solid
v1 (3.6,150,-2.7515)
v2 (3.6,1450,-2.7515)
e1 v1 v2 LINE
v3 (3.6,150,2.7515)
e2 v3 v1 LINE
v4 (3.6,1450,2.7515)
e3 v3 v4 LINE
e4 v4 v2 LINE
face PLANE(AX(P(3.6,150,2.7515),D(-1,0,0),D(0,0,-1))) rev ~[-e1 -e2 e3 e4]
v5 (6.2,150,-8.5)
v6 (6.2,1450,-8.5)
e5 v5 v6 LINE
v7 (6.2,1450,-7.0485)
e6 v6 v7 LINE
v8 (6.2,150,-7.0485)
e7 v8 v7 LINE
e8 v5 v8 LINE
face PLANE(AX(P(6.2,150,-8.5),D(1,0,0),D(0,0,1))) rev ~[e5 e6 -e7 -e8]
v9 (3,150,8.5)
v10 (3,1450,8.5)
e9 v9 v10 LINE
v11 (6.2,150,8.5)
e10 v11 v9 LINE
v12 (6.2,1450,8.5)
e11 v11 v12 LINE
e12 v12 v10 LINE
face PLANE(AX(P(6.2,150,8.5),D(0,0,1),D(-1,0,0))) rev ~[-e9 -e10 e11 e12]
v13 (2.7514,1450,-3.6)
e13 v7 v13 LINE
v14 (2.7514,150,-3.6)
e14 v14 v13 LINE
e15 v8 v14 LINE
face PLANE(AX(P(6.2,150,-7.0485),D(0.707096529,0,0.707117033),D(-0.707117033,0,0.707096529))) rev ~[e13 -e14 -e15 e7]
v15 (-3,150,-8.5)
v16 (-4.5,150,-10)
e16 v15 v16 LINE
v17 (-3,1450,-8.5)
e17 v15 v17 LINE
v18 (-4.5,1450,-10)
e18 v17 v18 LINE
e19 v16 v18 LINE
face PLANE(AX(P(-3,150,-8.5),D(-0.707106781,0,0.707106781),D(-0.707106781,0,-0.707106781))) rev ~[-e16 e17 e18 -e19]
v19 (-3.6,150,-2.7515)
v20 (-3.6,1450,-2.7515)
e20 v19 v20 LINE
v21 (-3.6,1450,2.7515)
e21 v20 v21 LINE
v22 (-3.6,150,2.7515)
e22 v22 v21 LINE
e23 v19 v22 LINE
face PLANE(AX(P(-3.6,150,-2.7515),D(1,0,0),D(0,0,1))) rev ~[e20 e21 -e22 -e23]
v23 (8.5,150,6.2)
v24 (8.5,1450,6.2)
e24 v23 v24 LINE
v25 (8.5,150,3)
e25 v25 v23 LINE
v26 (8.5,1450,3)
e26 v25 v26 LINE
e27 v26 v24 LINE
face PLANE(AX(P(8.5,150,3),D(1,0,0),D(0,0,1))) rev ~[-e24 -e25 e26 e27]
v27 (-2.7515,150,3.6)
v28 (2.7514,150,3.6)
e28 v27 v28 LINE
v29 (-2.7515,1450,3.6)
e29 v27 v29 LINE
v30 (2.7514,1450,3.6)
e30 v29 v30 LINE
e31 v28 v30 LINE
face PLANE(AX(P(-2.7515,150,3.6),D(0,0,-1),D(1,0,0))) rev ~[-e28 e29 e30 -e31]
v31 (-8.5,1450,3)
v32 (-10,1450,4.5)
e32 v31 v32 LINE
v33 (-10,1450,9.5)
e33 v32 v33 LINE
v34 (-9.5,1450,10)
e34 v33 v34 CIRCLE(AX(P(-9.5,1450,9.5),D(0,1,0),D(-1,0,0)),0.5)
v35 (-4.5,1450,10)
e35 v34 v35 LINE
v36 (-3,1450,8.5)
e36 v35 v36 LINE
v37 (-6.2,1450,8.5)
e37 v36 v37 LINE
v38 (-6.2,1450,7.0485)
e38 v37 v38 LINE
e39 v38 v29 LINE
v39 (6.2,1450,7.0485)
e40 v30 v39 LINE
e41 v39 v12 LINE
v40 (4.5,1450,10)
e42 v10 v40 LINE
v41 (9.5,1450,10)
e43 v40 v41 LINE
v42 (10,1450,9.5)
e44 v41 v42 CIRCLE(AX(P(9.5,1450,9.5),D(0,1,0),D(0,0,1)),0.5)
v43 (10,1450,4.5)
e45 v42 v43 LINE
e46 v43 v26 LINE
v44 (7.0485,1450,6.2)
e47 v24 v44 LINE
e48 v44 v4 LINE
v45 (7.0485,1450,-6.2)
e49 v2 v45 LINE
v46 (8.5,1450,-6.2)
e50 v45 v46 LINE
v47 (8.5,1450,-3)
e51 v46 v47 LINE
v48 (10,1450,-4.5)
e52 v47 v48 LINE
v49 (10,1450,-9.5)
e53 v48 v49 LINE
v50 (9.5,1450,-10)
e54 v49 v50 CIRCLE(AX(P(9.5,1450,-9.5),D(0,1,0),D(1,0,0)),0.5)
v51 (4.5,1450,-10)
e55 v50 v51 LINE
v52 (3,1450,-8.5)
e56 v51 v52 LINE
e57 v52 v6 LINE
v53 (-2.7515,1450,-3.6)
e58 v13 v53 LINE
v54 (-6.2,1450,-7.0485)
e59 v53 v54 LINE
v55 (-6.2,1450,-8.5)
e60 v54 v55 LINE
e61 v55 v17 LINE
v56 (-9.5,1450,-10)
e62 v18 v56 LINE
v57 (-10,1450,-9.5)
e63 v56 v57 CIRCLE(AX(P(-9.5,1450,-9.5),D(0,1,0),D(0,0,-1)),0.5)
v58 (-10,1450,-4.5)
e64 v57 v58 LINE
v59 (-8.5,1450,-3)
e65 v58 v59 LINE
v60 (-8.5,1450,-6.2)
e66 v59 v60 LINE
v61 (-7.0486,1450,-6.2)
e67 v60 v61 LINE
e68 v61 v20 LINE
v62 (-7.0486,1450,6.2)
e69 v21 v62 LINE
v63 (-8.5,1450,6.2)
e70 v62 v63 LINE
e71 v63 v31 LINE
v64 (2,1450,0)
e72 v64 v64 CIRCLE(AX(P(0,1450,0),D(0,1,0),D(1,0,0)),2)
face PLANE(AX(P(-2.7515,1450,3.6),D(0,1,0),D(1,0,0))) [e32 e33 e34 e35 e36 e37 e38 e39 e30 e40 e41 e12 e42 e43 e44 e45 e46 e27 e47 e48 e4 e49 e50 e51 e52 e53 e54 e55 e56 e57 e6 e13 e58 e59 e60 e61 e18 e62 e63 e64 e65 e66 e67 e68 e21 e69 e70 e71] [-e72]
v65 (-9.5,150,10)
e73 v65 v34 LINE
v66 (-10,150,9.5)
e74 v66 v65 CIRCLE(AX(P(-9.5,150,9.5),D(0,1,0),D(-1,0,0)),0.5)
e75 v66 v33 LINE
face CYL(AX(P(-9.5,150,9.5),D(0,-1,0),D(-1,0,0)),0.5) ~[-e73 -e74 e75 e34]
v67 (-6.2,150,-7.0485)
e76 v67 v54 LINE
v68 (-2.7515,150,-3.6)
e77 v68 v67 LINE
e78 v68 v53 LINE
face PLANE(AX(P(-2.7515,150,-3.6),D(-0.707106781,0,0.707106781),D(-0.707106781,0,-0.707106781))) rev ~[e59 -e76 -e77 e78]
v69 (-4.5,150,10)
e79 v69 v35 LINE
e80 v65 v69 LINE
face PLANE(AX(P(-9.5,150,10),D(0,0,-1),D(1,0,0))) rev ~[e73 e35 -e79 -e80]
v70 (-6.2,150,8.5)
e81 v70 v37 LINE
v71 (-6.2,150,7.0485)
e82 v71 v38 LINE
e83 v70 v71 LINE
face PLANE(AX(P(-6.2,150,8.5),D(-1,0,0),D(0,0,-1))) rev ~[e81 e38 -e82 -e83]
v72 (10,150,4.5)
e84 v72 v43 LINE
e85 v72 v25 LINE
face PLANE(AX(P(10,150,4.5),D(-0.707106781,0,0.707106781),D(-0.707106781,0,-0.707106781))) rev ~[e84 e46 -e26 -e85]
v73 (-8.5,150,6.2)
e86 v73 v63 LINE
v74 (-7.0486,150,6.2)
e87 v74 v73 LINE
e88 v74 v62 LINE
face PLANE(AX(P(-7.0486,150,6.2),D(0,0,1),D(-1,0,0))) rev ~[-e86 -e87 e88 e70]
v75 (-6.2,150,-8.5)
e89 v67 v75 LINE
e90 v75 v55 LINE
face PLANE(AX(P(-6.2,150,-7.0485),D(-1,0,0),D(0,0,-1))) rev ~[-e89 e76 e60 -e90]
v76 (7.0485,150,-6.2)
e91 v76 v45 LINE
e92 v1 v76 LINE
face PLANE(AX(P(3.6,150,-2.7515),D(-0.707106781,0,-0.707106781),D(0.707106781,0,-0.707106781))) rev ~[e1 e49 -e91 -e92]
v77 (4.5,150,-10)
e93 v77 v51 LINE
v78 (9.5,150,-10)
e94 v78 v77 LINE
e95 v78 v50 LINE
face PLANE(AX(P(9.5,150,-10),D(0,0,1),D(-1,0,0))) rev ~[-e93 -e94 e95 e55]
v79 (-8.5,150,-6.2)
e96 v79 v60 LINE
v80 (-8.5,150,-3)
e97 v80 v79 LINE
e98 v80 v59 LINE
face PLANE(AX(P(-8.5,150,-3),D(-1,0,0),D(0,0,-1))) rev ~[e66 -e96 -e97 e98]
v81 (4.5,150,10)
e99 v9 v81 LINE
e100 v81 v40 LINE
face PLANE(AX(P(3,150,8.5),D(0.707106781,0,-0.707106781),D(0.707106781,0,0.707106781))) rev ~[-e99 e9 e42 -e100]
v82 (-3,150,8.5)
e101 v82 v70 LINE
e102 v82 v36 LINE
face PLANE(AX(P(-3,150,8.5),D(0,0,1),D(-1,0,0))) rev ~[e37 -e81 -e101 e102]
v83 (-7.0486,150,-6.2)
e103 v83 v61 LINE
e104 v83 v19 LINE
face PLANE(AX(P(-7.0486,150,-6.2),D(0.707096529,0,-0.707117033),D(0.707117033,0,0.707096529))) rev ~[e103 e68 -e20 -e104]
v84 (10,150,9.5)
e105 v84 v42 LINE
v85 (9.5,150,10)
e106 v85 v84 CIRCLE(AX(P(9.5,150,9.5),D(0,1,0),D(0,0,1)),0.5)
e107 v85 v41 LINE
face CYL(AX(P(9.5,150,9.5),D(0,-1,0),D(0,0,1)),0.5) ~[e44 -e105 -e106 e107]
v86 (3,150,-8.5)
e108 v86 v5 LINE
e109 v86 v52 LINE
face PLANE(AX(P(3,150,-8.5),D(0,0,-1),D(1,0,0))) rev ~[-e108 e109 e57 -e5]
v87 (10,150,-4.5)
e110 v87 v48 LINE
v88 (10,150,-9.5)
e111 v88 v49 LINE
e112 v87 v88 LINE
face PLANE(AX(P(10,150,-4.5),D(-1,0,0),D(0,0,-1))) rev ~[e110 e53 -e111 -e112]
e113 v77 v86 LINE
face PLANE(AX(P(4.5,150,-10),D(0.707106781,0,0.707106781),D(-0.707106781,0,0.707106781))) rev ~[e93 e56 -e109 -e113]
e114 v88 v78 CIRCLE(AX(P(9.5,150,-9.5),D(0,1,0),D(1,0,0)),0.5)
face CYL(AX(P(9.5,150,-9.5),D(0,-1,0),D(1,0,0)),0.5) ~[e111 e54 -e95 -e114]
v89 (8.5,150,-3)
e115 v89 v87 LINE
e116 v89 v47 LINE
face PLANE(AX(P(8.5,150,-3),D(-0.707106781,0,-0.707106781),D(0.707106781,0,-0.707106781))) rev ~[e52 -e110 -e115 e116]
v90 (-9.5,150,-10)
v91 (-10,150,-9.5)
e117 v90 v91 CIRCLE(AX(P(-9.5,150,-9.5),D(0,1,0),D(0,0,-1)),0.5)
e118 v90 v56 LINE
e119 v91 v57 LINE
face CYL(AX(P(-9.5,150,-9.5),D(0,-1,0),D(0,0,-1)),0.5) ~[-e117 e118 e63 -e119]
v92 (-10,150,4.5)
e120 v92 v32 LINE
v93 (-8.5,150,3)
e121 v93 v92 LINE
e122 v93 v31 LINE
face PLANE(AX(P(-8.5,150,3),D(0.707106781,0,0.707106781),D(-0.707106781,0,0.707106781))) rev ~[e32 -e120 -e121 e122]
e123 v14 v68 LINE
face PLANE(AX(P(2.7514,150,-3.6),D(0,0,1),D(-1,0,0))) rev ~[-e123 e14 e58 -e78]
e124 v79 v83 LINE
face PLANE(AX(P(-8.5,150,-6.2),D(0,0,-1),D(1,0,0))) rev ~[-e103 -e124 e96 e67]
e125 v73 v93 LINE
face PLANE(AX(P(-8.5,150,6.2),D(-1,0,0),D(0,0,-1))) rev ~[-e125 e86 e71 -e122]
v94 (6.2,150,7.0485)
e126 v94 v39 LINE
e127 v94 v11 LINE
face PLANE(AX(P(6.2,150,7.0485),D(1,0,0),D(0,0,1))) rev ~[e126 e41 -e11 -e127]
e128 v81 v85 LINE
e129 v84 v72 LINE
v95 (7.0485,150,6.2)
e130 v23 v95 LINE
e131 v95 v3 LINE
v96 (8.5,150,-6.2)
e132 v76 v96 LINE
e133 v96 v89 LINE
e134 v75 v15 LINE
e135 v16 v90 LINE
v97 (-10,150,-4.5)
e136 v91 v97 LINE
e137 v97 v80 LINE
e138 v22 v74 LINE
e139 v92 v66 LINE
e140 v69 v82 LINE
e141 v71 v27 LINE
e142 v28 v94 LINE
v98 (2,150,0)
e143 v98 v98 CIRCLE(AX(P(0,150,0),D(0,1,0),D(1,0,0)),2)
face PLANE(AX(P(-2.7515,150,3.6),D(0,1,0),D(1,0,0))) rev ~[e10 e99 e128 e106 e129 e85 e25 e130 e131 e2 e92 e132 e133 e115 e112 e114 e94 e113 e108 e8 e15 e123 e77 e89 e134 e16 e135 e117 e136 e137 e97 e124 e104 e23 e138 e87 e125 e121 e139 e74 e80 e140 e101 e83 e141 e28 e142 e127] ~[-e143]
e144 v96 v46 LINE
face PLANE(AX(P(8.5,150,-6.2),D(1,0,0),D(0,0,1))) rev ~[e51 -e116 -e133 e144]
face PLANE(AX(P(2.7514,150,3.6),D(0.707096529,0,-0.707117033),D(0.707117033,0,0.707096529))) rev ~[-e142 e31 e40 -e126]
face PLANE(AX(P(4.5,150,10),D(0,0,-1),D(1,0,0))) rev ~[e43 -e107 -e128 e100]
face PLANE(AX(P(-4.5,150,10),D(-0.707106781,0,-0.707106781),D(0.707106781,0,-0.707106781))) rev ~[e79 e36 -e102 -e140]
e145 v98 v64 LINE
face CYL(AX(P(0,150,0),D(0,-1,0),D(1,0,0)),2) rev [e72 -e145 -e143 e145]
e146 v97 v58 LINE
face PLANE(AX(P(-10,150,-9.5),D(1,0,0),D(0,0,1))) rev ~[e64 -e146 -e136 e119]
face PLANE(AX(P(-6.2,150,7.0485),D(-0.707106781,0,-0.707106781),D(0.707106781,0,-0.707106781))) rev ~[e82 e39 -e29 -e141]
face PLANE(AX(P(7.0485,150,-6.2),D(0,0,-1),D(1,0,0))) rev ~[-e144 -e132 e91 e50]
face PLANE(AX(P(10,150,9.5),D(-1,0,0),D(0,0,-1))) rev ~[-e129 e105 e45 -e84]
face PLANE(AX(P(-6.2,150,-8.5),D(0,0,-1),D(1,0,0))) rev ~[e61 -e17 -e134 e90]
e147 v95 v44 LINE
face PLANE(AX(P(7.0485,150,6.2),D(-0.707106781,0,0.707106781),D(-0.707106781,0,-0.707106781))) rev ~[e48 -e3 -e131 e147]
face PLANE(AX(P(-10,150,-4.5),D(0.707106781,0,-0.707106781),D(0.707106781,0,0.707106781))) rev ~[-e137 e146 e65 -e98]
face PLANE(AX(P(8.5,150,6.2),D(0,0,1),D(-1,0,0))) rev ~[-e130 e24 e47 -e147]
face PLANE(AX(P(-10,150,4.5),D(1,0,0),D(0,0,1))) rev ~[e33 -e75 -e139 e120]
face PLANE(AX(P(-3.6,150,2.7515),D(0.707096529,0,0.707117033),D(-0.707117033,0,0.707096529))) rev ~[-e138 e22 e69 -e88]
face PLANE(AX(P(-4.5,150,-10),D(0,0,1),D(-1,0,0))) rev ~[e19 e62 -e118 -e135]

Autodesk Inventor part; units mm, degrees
ref_plane "YZ Plane" through (0, 0, 0) normal (1, 0, 0) x (0, 1, 0)
ref_plane "XZ Plane" through (0, 0, 0) normal (0, 1, 0) x (-1, 0, 0)
ref_plane "Work Plane1" through (-2.7515, 150, 3.6) normal (0, 1, 0) x (1, 0, 0)
sketch "Sketch1" plane through (-2.7515, 150, 3.6) normal (0, 1, 0) x (1, 0, 0)
  arc A0 (-6.7485, 13.6) -> (-7.2485, 13.1) centre (-6.7485, 13.1) ccw projected
  line L0 (-7.2485, 13.1) -> (-7.2485, 8.1) projected
  line L1 (-7.2485, 8.1) -> (-5.7485, 6.6) projected
  line L2 (-5.7485, 6.6) -> (-5.7485, 9.8) projected
  line L3 (-5.7485, 9.8) -> (-4.2971, 9.8) projected
  line L4 (-4.2971, 9.8) -> (-0.8485, 6.3515) projected
  line L5 (-0.8485, 6.3515) -> (-0.8485, 0.8485) projected
  line L6 (-0.8485, 0.8485) -> (-4.2971, -2.6) projected
  line L7 (-4.2971, -2.6) -> (-5.7485, -2.6) projected
  line L8 (-5.7485, -2.6) -> (-5.7485, 0.6) projected
  line L9 (-5.7485, 0.6) -> (-7.2485, -0.9) projected
  line L10 (-7.2485, -0.9) -> (-7.2485, -5.9) projected
  arc A1 (-7.2485, -5.9) -> (-6.7485, -6.4) centre (-6.7485, -5.9) ccw projected
  line L11 (-6.7485, -6.4) -> (-1.7485, -6.4) projected
  line L12 (-1.7485, -6.4) -> (-0.2485, -4.9) projected
  line L13 (-0.2485, -4.9) -> (-3.4485, -4.9) projected
  line L14 (-3.4485, -4.9) -> (-3.4485, -3.4485) projected
  line L15 (-3.4485, -3.4485) -> (0, 0) projected
  line L16 (0, 0) -> (5.5029, 0) projected
  line L17 (5.5029, 0) -> (8.9515, -3.4485) projected
  line L18 (8.9515, -3.4485) -> (8.9515, -4.9) projected
  line L19 (8.9515, -4.9) -> (5.7515, -4.9) projected
  line L20 (5.7515, -4.9) -> (7.2515, -6.4) projected
  line L21 (7.2515, -6.4) -> (12.2515, -6.4) projected
  arc A2 (12.2515, -6.4) -> (12.7515, -5.9) centre (12.2515, -5.9) ccw projected
  line L22 (12.7515, -5.9) -> (12.7515, -0.9) projected
  line L23 (12.7515, -0.9) -> (11.2515, 0.6) projected
  line L24 (11.2515, 0.6) -> (11.2515, -2.6) projected
  line L25 (11.2515, -2.6) -> (9.8, -2.6) projected
  line L26 (9.8, -2.6) -> (6.3515, 0.8485) projected
  line L27 (6.3515, 0.8485) -> (6.3515, 6.3515) projected
  line L28 (6.3515, 6.3515) -> (9.8, 9.8) projected
  line L29 (9.8, 9.8) -> (11.2515, 9.8) projected
  line L30 (11.2515, 9.8) -> (11.2515, 6.6) projected
  line L31 (11.2515, 6.6) -> (12.7515, 8.1) projected
  line L32 (12.7515, 8.1) -> (12.7515, 13.1) projected
  arc A3 (12.7515, 13.1) -> (12.2515, 13.6) centre (12.2515, 13.1) ccw projected
  line L33 (12.2515, 13.6) -> (7.2515, 13.6) projected
  line L34 (7.2515, 13.6) -> (5.7515, 12.1) projected
  line L35 (5.7515, 12.1) -> (8.9515, 12.1) projected
  line L36 (8.9515, 12.1) -> (8.9515, 10.6485) projected
  line L37 (8.9515, 10.6485) -> (5.5029, 7.2) projected
  line L38 (5.5029, 7.2) -> (0, 7.2) projected
  line L39 (0, 7.2) -> (-3.4485, 10.6485) projected
  line L40 (-3.4485, 10.6485) -> (-3.4485, 12.1) projected
  line L41 (-3.4485, 12.1) -> (-0.2485, 12.1) projected
  line L42 (-0.2485, 12.1) -> (-1.7485, 13.6) projected
  line L43 (-1.7485, 13.6) -> (-6.7485, 13.6) projected
  circle A4 centre (2.7515, 3.6) radius 2 projected
extrude "Extrusion1" add sketch "Sketch1" along normal blind 1300
ref_plane "Work Plane2" through (0, 150, 4.5) normal (1, 0, 0) x (0, 0, -1)
properties part number "20x20mmx150mm alminum profile" material "Aluminum 6061"
